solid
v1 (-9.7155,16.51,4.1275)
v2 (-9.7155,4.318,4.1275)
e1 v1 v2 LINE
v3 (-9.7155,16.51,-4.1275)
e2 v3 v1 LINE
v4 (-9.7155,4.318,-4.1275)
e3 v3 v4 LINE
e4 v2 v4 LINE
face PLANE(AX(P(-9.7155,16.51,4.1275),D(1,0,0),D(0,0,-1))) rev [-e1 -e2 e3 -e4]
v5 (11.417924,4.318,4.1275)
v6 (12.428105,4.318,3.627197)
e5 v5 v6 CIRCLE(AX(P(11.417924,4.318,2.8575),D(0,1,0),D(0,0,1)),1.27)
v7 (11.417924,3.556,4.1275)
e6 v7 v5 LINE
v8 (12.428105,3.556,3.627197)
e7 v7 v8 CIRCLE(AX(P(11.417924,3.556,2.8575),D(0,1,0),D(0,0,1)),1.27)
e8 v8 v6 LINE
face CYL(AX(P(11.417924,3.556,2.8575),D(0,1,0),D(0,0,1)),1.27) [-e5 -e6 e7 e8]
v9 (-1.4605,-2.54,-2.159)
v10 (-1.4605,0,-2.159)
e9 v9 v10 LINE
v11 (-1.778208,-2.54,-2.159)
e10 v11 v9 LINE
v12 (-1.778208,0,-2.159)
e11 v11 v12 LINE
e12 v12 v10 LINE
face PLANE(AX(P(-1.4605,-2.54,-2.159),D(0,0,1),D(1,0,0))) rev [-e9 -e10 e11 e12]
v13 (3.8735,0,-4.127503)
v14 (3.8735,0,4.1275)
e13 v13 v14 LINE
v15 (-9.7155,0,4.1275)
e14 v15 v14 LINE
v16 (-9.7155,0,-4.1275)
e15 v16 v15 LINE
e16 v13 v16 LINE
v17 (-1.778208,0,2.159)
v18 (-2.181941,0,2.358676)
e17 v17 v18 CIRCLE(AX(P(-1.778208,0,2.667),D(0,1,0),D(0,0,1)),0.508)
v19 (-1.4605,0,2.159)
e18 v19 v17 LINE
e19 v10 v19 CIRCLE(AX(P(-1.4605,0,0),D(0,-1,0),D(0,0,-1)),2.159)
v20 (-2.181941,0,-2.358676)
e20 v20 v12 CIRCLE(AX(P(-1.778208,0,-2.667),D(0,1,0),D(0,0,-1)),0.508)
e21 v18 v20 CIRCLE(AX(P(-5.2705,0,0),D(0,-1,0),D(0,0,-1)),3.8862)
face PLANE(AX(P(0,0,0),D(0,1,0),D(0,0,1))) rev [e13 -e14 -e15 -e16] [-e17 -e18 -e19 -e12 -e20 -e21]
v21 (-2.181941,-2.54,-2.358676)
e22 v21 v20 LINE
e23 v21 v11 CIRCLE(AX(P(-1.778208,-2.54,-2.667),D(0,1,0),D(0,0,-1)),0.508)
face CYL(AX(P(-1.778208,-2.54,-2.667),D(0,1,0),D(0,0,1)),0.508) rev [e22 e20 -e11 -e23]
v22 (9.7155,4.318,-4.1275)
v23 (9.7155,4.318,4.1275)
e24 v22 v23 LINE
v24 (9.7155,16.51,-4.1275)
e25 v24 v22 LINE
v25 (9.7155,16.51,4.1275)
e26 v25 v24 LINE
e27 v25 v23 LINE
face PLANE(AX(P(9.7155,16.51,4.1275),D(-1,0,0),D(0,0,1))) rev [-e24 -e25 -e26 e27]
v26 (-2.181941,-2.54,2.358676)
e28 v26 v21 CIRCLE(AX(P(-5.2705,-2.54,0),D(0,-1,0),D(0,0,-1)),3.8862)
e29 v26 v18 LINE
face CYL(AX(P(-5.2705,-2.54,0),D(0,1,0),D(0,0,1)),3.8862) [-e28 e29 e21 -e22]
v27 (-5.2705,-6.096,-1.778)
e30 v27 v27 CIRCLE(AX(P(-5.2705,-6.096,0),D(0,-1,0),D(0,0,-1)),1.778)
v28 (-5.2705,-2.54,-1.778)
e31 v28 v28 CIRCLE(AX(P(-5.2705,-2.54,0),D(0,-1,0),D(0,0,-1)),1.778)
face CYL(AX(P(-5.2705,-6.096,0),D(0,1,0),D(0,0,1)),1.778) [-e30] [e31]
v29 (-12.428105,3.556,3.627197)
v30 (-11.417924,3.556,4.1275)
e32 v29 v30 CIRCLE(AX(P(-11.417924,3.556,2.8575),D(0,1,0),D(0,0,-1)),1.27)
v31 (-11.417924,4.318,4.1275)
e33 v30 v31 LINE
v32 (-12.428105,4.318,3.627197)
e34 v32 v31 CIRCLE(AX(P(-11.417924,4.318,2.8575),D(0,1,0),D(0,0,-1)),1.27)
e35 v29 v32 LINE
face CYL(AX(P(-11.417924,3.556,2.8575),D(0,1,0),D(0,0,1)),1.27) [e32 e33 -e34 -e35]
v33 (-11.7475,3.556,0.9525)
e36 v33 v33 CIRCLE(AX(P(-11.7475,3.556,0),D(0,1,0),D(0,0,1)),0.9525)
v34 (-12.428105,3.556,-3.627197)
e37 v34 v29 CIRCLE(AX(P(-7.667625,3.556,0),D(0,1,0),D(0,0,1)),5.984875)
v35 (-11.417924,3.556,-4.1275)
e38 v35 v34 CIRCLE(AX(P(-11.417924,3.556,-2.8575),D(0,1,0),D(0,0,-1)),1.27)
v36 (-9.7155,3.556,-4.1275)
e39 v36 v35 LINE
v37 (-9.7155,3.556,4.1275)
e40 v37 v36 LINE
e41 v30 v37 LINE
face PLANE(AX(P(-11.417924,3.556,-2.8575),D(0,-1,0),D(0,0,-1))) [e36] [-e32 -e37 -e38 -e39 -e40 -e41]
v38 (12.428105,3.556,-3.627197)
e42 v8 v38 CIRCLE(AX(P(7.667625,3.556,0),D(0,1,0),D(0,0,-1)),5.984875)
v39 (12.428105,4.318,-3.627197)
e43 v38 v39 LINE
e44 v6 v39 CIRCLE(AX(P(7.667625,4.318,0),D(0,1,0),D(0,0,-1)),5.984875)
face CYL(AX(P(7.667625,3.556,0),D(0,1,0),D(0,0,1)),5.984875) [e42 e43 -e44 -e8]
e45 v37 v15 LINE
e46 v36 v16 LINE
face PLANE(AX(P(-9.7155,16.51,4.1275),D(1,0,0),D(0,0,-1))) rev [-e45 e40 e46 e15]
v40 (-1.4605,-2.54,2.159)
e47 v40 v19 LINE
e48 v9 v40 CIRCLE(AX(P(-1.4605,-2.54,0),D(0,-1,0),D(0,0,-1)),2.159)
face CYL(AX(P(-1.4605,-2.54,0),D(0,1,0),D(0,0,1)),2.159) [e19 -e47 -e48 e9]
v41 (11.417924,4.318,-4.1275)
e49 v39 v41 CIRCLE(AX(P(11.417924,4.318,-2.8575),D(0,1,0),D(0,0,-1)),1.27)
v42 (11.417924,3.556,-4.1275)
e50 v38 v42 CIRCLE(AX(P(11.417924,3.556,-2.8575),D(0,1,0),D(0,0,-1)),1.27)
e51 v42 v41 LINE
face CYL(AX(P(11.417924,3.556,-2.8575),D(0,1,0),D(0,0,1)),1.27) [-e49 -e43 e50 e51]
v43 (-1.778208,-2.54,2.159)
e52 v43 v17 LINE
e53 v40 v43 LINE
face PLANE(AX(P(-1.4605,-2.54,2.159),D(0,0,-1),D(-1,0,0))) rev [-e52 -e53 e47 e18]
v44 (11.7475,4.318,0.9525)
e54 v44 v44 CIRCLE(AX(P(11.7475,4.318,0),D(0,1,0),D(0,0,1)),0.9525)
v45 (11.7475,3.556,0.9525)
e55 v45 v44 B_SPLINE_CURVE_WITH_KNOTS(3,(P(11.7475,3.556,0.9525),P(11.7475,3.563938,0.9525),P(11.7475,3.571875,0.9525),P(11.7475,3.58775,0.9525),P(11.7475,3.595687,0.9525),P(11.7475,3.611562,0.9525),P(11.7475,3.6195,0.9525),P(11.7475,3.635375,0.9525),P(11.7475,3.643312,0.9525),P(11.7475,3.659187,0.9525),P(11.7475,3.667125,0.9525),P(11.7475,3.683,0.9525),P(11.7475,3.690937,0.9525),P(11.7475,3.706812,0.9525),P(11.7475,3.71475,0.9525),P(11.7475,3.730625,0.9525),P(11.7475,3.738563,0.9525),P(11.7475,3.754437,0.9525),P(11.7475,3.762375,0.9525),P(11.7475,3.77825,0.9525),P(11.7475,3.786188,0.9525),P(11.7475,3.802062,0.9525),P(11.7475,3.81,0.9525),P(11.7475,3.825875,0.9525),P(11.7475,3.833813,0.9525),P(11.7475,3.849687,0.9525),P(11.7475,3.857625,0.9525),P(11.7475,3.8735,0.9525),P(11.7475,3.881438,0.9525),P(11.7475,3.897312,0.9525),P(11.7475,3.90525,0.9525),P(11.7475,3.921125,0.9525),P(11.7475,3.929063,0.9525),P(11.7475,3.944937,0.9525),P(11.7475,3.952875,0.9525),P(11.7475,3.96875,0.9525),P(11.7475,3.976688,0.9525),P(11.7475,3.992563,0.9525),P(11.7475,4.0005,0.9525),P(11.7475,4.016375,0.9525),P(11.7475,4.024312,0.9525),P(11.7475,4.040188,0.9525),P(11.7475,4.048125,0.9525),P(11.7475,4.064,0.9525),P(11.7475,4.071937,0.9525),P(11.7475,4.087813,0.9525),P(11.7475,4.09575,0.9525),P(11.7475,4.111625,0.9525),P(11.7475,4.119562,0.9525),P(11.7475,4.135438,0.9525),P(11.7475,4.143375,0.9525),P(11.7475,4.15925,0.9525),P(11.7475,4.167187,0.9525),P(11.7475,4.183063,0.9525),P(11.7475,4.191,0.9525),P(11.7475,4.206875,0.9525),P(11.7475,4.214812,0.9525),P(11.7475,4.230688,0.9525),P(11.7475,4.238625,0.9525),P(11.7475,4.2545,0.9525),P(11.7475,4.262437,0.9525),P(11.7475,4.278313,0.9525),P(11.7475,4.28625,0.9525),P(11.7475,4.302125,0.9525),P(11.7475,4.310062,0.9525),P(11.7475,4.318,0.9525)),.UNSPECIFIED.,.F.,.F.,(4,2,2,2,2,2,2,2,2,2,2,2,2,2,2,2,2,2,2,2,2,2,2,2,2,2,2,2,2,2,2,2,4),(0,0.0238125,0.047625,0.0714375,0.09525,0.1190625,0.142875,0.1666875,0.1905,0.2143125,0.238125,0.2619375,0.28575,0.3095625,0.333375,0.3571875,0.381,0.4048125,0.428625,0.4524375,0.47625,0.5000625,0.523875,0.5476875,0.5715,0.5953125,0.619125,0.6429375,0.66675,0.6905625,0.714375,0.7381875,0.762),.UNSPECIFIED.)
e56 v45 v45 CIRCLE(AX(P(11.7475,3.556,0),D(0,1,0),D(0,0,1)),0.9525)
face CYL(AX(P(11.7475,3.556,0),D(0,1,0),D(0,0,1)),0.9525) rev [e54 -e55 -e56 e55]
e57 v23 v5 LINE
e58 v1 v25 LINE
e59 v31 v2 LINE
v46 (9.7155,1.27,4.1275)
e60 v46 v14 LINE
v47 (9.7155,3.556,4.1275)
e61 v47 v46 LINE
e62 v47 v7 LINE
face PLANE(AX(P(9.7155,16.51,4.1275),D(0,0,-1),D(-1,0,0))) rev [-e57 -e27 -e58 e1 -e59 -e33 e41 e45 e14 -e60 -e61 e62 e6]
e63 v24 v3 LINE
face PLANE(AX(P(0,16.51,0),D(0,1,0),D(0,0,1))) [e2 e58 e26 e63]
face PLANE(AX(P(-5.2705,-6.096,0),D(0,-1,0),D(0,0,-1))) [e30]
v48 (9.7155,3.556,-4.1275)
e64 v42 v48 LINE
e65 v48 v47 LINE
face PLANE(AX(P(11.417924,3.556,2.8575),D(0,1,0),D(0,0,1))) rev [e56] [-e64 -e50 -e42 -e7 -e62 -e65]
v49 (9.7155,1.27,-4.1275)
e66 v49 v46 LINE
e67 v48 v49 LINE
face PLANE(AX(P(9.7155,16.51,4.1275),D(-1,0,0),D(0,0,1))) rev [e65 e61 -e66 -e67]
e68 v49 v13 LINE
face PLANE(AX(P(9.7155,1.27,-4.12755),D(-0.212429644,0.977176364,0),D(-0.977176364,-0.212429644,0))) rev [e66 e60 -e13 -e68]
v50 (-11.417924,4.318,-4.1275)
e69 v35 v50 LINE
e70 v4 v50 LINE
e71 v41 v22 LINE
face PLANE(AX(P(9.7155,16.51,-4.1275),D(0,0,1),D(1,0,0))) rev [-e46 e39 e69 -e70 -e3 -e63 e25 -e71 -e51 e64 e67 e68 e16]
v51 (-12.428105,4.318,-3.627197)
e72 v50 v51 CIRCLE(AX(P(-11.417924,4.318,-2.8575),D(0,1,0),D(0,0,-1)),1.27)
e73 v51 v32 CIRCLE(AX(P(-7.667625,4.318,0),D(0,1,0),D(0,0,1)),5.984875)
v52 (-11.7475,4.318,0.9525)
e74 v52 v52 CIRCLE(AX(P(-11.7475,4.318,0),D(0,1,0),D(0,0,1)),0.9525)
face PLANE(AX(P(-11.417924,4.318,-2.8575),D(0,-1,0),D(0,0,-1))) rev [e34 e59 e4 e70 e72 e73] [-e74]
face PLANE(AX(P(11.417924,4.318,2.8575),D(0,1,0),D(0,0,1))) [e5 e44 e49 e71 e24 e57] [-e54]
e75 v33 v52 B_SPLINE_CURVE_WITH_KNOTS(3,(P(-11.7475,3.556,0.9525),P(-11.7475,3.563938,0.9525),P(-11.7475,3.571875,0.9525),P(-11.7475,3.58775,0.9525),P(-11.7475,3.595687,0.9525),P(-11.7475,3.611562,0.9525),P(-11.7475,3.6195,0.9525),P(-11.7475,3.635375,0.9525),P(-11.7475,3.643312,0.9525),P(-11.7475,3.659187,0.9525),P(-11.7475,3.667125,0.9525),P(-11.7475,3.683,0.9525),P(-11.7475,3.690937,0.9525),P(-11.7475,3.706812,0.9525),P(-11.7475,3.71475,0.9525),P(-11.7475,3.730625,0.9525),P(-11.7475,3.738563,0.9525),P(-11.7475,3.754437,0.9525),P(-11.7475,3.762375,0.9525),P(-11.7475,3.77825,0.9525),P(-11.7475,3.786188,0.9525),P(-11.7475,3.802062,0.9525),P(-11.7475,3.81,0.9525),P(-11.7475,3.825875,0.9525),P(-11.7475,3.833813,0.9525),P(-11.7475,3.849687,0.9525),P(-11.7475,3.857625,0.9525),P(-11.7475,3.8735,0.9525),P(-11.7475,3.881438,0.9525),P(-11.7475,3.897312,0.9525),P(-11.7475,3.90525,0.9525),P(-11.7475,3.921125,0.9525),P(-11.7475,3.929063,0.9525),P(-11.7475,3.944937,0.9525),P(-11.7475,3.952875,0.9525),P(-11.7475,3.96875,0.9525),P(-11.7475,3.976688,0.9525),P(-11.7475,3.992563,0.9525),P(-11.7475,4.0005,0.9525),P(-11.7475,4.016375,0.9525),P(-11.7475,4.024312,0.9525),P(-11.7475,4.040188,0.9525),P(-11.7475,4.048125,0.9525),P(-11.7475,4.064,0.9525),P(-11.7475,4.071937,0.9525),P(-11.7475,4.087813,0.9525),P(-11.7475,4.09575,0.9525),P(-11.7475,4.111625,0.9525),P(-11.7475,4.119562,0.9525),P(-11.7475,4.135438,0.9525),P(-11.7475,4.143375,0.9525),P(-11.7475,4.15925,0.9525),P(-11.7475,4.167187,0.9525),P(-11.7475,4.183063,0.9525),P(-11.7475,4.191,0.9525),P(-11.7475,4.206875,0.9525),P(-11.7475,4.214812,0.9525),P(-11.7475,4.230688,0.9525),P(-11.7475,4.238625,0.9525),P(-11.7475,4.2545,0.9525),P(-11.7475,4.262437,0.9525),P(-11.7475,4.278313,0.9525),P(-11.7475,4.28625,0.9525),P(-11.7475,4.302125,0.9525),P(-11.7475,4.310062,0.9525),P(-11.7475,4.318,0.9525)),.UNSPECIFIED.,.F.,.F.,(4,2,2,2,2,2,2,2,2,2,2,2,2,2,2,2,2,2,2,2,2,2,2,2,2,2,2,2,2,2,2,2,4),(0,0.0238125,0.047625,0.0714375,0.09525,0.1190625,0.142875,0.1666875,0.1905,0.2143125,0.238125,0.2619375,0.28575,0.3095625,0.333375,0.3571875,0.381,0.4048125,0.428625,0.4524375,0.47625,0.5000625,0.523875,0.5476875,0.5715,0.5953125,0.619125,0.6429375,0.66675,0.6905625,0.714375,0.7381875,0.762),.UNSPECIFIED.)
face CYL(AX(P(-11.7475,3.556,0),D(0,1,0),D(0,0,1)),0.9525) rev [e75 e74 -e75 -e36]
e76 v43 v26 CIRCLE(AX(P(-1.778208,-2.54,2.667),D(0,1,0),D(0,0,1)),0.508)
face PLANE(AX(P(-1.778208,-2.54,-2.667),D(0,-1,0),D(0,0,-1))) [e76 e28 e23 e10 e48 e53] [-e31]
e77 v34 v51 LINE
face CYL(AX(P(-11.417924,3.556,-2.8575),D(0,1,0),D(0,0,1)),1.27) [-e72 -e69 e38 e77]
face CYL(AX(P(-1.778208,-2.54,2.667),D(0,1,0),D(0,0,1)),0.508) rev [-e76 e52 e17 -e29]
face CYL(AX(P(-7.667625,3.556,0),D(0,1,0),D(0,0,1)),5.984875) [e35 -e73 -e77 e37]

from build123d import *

# Parameters (mm, degrees)
SKETCH1_W           = 19.431
SKETCH1_H           = 8.255
BOSS_EXTRUDE1_DEPTH = 16.51
SKETCH2_R           = 0.9525
BOSS_EXTRUDE2_DEPTH = 0.762
CUT_EXTRUDE1_DEPTH  = 23.959004361
BOSS_EXTRUDE3_DEPTH = 2.54
SKETCH5_R           = 1.778
BOSS_EXTRUDE4_DEPTH = 3.556


with BuildPart() as part:
    # Sketch1 → Boss-Extrude1 (new body)
    with BuildSketch(Plane(origin=(0, 0, 0), x_dir=(1, 0, 0), z_dir=(0, 1, 0))):
        Rectangle(SKETCH1_W, SKETCH1_H)
    extrude(amount=BOSS_EXTRUDE1_DEPTH)

    # Sketch2 → Boss-Extrude2 (add)
    # profile 1 of 2: a face of its own
    with BuildSketch(Plane(origin=(0, 4.318, 0), x_dir=(1, 0, 0), z_dir=(0, 1, 0))):
        with BuildLine():
            Line((9.7155, -4.1275), (9.7155, 4.1275))
            Line((9.7155, 4.1275), (11.417923657, 4.1275))
            ThreePointArc((11.417923657, 4.1275), (11.981565763, 3.995571868), (12.428105113, 3.62719697))
            ThreePointArc((12.428105113, 3.62719697), (13.6525, 0), (12.428105113, -3.62719697))
            ThreePointArc((12.428105113, -3.62719697), (11.981565763, -3.995571868), (11.417923657, -4.1275))
            Line((11.417923657, -4.1275), (9.7155, -4.1275))
        make_face()
        with Locations(Location((11.7475, 0, 0), (0, 0, 270))):
            Circle(SKETCH2_R, mode=Mode.SUBTRACT)
    # profile 2 of 2: a face of its own
    with BuildSketch(Plane(origin=(0, 4.318, 0), x_dir=(1, 0, 0), z_dir=(0, 1, 0))):
        with BuildLine():
            Line((-9.7155, 4.1275), (-9.7155, -4.1275))
            Line((-9.7155, -4.1275), (-11.417923657, -4.1275))
            ThreePointArc((-11.417923657, -4.1275), (-11.981565763, -3.995571868), (-12.428105113, -3.62719697))
            ThreePointArc((-12.428105113, -3.62719697), (-13.6525, 0), (-12.428105113, 3.62719697))
            ThreePointArc((-12.428105113, 3.62719697), (-11.981565763, 3.995571868), (-11.417923657, 4.1275))
            Line((-11.417923657, 4.1275), (-9.7155, 4.1275))
        make_face()
        with Locations(Location((-11.7475, 0, 0), (0, 0, 270))):
            Circle(SKETCH2_R, mode=Mode.SUBTRACT)
    extrude(amount=-BOSS_EXTRUDE2_DEPTH)

    # Sketch3 → Cut-Extrude1 (cut, through all)
    with BuildSketch(Plane.XY.offset(4.1275)):
        Polygon((9.7155, 0), (3.8735, 0), (9.7155, 1.27), align=None)
    extrude(amount=-CUT_EXTRUDE1_DEPTH, mode=Mode.SUBTRACT)

    # Sketch4 → Boss-Extrude3 (add)
    with BuildSketch(Plane.XZ):
        with BuildLine():
            Line((-1.4605, 2.159), (-1.778207824, 2.159))
            ThreePointArc((-1.778207824, 2.159), (-2.003413909, 2.211647148), (-2.181941024, 2.358676301))
            ThreePointArc((-2.181941024, 2.358676301), (-9.1567, 0), (-2.181941024, -2.358676301))
            ThreePointArc((-2.181941024, -2.358676301), (-2.003413909, -2.211647148), (-1.778207824, -2.159))
            Line((-1.778207824, -2.159), (-1.4605, -2.159))
            ThreePointArc((-1.4605, -2.159), (0.6985, 0), (-1.4605, 2.159))
        make_face()
    extrude(amount=BOSS_EXTRUDE3_DEPTH)

    # Sketch5 → Boss-Extrude4 (add)
    with BuildSketch(Plane.XZ.offset(2.54)):
        with Locations(Location((-5.2705, 0, 0), (0, 0, 270))):
            Circle(SKETCH5_R)
    extrude(amount=BOSS_EXTRUDE4_DEPTH)


solid = part.part
